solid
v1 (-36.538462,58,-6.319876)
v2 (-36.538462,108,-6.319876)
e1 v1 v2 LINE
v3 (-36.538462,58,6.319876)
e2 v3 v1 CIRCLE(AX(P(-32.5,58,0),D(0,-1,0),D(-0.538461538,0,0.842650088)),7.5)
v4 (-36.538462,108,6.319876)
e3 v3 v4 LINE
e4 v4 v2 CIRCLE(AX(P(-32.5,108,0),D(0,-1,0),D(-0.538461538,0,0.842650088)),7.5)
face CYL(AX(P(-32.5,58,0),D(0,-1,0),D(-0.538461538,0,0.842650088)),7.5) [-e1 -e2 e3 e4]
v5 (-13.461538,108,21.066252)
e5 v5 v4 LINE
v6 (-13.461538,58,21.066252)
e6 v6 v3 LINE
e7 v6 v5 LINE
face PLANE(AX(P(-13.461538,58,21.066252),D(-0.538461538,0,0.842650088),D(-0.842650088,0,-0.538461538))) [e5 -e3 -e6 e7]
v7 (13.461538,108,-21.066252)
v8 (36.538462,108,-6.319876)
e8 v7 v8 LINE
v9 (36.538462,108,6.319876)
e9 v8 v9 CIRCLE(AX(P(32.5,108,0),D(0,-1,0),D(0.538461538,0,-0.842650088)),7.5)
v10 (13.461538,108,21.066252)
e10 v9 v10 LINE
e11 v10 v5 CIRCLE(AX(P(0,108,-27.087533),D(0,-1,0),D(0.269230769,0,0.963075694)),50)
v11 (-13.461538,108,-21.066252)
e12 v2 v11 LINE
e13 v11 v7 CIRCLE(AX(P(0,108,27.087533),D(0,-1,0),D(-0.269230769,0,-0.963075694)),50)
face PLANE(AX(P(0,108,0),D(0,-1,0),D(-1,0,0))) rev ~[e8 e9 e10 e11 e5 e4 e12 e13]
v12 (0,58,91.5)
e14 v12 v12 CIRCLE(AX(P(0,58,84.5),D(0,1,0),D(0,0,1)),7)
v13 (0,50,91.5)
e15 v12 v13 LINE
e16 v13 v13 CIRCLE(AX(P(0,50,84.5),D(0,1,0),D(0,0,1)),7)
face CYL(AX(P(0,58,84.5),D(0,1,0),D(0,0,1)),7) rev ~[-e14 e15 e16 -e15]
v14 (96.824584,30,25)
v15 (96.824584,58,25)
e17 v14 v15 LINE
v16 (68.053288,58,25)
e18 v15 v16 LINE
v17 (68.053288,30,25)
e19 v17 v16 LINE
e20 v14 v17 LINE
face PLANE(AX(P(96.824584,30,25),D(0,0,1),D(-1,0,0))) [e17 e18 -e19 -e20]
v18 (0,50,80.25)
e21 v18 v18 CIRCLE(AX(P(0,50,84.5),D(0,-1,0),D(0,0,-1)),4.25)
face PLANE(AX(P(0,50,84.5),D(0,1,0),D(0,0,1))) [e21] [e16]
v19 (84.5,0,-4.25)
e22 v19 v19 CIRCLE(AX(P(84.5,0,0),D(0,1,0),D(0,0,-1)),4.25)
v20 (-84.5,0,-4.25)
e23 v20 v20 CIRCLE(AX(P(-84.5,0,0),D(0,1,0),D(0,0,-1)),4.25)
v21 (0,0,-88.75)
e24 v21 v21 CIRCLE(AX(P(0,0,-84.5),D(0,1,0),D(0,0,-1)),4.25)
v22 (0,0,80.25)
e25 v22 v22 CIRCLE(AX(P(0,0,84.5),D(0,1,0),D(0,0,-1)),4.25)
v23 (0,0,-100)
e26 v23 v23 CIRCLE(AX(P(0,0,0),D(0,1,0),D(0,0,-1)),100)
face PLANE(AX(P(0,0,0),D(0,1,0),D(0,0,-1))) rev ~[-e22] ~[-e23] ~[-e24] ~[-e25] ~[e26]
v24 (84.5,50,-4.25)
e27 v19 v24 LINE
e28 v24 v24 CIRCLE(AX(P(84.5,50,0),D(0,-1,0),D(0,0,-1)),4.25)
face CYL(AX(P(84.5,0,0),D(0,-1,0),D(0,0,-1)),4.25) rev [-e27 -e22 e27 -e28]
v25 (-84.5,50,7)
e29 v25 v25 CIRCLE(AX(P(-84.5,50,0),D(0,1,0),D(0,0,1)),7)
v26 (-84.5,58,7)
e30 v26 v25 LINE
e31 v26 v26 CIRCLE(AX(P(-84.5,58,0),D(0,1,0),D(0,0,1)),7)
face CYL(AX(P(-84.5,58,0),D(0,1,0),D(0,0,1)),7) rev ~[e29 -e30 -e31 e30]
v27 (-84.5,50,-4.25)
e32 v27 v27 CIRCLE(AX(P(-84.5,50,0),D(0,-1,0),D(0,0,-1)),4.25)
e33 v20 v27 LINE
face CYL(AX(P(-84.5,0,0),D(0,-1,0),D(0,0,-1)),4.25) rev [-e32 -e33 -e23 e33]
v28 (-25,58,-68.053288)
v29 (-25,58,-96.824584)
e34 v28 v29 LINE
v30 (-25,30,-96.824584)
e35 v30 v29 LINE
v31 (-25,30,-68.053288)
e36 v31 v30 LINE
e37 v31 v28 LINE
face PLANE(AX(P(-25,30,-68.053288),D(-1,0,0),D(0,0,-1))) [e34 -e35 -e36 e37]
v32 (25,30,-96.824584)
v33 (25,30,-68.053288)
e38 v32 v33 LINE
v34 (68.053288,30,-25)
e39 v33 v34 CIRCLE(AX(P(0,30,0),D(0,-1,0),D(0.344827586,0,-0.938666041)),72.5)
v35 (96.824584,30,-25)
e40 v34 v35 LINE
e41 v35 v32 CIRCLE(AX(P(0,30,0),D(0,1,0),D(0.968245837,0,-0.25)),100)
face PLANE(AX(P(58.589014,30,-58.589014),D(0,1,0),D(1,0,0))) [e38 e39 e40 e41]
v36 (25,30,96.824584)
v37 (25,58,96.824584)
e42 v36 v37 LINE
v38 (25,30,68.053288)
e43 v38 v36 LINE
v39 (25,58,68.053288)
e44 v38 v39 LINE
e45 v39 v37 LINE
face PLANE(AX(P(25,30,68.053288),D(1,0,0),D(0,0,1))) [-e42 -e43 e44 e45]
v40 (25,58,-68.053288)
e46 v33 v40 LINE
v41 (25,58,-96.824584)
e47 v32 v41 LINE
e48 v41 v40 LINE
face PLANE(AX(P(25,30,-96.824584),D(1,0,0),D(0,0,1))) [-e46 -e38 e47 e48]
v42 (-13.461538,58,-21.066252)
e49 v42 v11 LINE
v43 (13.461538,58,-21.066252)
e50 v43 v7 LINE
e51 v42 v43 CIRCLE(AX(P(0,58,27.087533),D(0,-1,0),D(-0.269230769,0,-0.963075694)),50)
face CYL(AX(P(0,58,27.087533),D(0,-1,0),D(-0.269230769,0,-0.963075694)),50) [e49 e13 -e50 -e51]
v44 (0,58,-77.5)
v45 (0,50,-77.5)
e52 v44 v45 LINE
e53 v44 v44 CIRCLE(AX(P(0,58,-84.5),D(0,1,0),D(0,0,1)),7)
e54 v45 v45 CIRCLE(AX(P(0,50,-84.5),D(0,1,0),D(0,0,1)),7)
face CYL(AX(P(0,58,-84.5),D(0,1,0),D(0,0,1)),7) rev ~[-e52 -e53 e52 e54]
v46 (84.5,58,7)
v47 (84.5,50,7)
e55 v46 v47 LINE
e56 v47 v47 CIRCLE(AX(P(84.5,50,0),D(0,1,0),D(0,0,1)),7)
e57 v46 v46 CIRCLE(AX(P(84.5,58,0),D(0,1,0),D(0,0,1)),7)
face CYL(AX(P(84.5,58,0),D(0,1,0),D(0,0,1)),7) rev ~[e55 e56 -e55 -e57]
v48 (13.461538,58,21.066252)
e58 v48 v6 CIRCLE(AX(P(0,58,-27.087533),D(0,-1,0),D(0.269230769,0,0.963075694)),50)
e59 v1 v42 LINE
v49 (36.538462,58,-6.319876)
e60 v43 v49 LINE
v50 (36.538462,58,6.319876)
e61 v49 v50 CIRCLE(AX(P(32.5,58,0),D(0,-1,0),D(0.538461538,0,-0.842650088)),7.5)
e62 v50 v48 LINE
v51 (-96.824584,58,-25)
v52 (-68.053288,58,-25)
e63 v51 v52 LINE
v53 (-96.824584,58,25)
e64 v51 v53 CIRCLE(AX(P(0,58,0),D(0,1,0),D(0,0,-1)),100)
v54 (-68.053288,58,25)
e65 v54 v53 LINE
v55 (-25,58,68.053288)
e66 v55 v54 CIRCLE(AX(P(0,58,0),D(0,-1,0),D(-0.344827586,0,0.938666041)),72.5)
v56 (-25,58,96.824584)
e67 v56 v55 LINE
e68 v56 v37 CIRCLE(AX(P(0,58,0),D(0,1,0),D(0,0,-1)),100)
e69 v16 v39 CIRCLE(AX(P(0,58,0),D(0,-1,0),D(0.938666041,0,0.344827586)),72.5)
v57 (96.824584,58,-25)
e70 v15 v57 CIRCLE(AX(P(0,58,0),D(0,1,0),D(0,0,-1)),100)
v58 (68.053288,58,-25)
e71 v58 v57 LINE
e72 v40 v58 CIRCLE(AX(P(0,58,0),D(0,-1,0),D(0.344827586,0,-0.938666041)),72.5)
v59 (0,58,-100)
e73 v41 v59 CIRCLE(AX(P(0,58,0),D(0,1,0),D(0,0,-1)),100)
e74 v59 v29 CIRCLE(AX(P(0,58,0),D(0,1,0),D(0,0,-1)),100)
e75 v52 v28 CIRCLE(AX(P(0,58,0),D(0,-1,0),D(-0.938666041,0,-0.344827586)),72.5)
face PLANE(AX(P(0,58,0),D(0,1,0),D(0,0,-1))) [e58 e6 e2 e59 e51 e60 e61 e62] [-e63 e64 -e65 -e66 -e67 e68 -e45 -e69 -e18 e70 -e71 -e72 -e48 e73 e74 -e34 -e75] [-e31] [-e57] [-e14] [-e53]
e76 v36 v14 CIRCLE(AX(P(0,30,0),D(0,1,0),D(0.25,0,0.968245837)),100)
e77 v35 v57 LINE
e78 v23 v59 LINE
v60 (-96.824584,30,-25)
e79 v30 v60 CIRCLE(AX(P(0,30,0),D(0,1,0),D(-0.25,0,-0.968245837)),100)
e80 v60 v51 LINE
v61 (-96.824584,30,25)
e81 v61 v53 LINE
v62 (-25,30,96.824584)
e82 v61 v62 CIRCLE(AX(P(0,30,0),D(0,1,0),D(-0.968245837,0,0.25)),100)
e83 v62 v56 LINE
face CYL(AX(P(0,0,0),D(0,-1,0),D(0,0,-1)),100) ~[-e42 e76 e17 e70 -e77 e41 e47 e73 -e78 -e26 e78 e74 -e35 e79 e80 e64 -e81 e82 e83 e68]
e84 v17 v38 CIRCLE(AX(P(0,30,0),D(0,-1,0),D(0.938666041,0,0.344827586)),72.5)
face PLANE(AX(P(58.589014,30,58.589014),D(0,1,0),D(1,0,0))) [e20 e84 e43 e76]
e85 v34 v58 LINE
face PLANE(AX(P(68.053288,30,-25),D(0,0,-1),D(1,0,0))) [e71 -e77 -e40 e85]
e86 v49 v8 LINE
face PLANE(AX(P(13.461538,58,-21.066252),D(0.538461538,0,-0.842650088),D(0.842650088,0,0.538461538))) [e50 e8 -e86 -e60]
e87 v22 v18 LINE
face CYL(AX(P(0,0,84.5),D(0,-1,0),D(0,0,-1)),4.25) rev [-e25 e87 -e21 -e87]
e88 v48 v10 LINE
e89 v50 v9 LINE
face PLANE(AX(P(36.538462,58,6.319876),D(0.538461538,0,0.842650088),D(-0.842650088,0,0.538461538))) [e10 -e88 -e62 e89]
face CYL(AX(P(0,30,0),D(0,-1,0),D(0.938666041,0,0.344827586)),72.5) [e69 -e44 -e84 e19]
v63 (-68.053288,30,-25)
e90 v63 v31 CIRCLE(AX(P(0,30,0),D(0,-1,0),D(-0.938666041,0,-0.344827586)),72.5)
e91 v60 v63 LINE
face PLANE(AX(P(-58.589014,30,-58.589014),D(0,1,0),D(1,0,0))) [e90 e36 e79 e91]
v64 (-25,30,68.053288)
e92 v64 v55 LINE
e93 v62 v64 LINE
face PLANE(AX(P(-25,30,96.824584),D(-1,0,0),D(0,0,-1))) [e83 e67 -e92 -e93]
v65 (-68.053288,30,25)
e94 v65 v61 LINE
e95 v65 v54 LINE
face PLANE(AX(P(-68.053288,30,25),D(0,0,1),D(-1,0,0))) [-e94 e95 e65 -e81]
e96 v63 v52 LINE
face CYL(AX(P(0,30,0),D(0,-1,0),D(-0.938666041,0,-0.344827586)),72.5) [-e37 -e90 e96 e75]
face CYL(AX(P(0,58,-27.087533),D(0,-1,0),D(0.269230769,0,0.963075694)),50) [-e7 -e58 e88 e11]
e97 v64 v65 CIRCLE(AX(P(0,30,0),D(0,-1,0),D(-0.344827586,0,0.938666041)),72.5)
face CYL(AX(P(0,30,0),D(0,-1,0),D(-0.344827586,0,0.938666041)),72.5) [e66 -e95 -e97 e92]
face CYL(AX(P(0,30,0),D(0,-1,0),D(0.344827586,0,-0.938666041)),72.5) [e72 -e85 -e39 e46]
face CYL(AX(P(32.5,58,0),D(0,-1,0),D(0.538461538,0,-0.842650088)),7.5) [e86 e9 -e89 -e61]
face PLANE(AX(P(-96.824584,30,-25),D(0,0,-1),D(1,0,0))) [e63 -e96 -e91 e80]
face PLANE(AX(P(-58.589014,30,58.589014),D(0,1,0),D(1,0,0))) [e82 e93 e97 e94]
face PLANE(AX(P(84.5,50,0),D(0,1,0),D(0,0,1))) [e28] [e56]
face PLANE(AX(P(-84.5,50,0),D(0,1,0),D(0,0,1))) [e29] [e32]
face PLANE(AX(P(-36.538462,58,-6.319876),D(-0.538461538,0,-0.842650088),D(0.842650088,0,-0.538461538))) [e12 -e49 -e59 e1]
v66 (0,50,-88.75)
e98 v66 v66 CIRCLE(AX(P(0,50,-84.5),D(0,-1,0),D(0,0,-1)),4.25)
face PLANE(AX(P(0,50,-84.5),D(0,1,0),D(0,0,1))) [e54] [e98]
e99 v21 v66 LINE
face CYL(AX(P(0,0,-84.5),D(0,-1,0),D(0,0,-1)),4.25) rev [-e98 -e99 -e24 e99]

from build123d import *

# Parameters (mm, degrees)
SKETCH2_R           = 100
SKETCH2_R_2         = 4.25
BOSS_EXTRUDE1_DEPTH = 58
SKETCH3_R           = 7
CUT_EXTRUDE1_DEPTH  = 8
CUT_EXTRUDE2_START  = -28
CUT_EXTRUDE2_DEPTH  = 28
BOSS_EXTRUDE2_DEPTH = 50


with BuildPart() as part:
    # Sketch2 → Boss-Extrude1 (new body)
    with BuildSketch(Plane(origin=(0, 0, 0), x_dir=(1, 0, 0), z_dir=(0, 1, 0))):
        with Locations(Location((0, 0, 0), (0, 0, 90))):
            Circle(SKETCH2_R)
        with Locations(Location((0, 84.5, 0), (0, 0, 90))):
            Circle(SKETCH2_R_2, mode=Mode.SUBTRACT)
        with Locations(Location((84.5, 0, 0), (0, 0, 90))):
            Circle(SKETCH2_R_2, mode=Mode.SUBTRACT)
        with Locations(Location((0, -84.5, 0), (0, 0, 90))):
            Circle(SKETCH2_R_2, mode=Mode.SUBTRACT)
        with Locations(Location((-84.5, 0, 0), (0, 0, 90))):
            Circle(SKETCH2_R_2, mode=Mode.SUBTRACT)
    extrude(amount=BOSS_EXTRUDE1_DEPTH)

    # Sketch3 → Cut-Extrude1 (cut)
    with BuildSketch(Plane(origin=(0, 58, 0), x_dir=(1, 0, 0), z_dir=(0, 1, 0))):
        with Locations(Location((0, 84.5, 0), (0, 0, 270))):
            Circle(SKETCH3_R)
        with Locations(Location((84.5, 0, 0), (0, 0, 270))):
            Circle(SKETCH3_R)
        with Locations(Location((0, -84.5, 0), (0, 0, 270))):
            Circle(SKETCH3_R)
        with Locations(Location((-84.5, 0, 0), (0, 0, 270))):
            Circle(SKETCH3_R)
    extrude(amount=-CUT_EXTRUDE1_DEPTH, mode=Mode.SUBTRACT)

    # Sketch4 → Cut-Extrude2 (cut)
    with BuildSketch(Plane(origin=(0, 58, 0), x_dir=(1, 0, 0), z_dir=(0, 1, 0)).offset(CUT_EXTRUDE2_START)):
        with BuildLine():
            Line((-25, 68.053287944), (-25, 96.824583655))
            ThreePointArc((-25, 96.824583655), (-70.710678119, 70.710678119), (-96.824583655, 25))
            Line((-96.824583655, 25), (-68.053287944, 25))
            ThreePointArc((-68.053287944, 25), (-51.265241636, 51.265241636), (-25, 68.053287944))
        make_face()
        with BuildLine():
            Line((68.053287944, 25), (96.824583655, 25))
            ThreePointArc((96.824583655, 25), (70.710678119, 70.710678119), (25, 96.824583655))
            Line((25, 96.824583655), (25, 68.053287944))
            ThreePointArc((25, 68.053287944), (51.265241636, 51.265241636), (68.053287944, 25))
        make_face()
        with BuildLine():
            ThreePointArc((25, -96.824583655), (70.710678119, -70.710678119), (96.824583655, -25))
            Line((96.824583655, -25), (68.053287944, -25))
            ThreePointArc((68.053287944, -25), (51.265241636, -51.265241636), (25, -68.053287944))
            Line((25, -68.053287944), (25, -96.824583655))
        make_face()
        with BuildLine():
            ThreePointArc((-96.824583655, -25), (-70.710678119, -70.710678119), (-25, -96.824583655))
            Line((-25, -96.824583655), (-25, -68.053287944))
            ThreePointArc((-25, -68.053287944), (-51.265241636, -51.265241636), (-68.053287944, -25))
            Line((-68.053287944, -25), (-68.372754715, -25))
            Line((-68.372754715, -25), (-96.824583655, -25))
        make_face()
    extrude(amount=CUT_EXTRUDE2_DEPTH, mode=Mode.SUBTRACT)

    # Sketch5 → Boss-Extrude2 (add)
    with BuildSketch(Plane(origin=(0, 58, 0), x_dir=(1, 0, 0), z_dir=(0, 1, 0))):
        with BuildLine():
            Line((-36.538461538, 6.319875664), (-13.461538462, 21.066252212))
            ThreePointArc((-13.461538462, 21.066252212), (0, 22.912467498), (13.461538462, 21.066252212))
            Line((13.461538462, 21.066252212), (36.538461538, 6.319875664))
            ThreePointArc((36.538461538, 6.319875664), (40, 0), (36.538461538, -6.319875664))
            Line((36.538461538, -6.319875664), (13.461538462, -21.066252212))
            ThreePointArc((13.461538462, -21.066252212), (0, -22.912467498), (-13.461538462, -21.066252212))
            Line((-13.461538462, -21.066252212), (-36.538461538, -6.319875664))
            ThreePointArc((-36.538461538, -6.319875664), (-40, 0), (-36.538461538, 6.319875664))
        make_face()
    extrude(amount=BOSS_EXTRUDE2_DEPTH)


solid = part.part
